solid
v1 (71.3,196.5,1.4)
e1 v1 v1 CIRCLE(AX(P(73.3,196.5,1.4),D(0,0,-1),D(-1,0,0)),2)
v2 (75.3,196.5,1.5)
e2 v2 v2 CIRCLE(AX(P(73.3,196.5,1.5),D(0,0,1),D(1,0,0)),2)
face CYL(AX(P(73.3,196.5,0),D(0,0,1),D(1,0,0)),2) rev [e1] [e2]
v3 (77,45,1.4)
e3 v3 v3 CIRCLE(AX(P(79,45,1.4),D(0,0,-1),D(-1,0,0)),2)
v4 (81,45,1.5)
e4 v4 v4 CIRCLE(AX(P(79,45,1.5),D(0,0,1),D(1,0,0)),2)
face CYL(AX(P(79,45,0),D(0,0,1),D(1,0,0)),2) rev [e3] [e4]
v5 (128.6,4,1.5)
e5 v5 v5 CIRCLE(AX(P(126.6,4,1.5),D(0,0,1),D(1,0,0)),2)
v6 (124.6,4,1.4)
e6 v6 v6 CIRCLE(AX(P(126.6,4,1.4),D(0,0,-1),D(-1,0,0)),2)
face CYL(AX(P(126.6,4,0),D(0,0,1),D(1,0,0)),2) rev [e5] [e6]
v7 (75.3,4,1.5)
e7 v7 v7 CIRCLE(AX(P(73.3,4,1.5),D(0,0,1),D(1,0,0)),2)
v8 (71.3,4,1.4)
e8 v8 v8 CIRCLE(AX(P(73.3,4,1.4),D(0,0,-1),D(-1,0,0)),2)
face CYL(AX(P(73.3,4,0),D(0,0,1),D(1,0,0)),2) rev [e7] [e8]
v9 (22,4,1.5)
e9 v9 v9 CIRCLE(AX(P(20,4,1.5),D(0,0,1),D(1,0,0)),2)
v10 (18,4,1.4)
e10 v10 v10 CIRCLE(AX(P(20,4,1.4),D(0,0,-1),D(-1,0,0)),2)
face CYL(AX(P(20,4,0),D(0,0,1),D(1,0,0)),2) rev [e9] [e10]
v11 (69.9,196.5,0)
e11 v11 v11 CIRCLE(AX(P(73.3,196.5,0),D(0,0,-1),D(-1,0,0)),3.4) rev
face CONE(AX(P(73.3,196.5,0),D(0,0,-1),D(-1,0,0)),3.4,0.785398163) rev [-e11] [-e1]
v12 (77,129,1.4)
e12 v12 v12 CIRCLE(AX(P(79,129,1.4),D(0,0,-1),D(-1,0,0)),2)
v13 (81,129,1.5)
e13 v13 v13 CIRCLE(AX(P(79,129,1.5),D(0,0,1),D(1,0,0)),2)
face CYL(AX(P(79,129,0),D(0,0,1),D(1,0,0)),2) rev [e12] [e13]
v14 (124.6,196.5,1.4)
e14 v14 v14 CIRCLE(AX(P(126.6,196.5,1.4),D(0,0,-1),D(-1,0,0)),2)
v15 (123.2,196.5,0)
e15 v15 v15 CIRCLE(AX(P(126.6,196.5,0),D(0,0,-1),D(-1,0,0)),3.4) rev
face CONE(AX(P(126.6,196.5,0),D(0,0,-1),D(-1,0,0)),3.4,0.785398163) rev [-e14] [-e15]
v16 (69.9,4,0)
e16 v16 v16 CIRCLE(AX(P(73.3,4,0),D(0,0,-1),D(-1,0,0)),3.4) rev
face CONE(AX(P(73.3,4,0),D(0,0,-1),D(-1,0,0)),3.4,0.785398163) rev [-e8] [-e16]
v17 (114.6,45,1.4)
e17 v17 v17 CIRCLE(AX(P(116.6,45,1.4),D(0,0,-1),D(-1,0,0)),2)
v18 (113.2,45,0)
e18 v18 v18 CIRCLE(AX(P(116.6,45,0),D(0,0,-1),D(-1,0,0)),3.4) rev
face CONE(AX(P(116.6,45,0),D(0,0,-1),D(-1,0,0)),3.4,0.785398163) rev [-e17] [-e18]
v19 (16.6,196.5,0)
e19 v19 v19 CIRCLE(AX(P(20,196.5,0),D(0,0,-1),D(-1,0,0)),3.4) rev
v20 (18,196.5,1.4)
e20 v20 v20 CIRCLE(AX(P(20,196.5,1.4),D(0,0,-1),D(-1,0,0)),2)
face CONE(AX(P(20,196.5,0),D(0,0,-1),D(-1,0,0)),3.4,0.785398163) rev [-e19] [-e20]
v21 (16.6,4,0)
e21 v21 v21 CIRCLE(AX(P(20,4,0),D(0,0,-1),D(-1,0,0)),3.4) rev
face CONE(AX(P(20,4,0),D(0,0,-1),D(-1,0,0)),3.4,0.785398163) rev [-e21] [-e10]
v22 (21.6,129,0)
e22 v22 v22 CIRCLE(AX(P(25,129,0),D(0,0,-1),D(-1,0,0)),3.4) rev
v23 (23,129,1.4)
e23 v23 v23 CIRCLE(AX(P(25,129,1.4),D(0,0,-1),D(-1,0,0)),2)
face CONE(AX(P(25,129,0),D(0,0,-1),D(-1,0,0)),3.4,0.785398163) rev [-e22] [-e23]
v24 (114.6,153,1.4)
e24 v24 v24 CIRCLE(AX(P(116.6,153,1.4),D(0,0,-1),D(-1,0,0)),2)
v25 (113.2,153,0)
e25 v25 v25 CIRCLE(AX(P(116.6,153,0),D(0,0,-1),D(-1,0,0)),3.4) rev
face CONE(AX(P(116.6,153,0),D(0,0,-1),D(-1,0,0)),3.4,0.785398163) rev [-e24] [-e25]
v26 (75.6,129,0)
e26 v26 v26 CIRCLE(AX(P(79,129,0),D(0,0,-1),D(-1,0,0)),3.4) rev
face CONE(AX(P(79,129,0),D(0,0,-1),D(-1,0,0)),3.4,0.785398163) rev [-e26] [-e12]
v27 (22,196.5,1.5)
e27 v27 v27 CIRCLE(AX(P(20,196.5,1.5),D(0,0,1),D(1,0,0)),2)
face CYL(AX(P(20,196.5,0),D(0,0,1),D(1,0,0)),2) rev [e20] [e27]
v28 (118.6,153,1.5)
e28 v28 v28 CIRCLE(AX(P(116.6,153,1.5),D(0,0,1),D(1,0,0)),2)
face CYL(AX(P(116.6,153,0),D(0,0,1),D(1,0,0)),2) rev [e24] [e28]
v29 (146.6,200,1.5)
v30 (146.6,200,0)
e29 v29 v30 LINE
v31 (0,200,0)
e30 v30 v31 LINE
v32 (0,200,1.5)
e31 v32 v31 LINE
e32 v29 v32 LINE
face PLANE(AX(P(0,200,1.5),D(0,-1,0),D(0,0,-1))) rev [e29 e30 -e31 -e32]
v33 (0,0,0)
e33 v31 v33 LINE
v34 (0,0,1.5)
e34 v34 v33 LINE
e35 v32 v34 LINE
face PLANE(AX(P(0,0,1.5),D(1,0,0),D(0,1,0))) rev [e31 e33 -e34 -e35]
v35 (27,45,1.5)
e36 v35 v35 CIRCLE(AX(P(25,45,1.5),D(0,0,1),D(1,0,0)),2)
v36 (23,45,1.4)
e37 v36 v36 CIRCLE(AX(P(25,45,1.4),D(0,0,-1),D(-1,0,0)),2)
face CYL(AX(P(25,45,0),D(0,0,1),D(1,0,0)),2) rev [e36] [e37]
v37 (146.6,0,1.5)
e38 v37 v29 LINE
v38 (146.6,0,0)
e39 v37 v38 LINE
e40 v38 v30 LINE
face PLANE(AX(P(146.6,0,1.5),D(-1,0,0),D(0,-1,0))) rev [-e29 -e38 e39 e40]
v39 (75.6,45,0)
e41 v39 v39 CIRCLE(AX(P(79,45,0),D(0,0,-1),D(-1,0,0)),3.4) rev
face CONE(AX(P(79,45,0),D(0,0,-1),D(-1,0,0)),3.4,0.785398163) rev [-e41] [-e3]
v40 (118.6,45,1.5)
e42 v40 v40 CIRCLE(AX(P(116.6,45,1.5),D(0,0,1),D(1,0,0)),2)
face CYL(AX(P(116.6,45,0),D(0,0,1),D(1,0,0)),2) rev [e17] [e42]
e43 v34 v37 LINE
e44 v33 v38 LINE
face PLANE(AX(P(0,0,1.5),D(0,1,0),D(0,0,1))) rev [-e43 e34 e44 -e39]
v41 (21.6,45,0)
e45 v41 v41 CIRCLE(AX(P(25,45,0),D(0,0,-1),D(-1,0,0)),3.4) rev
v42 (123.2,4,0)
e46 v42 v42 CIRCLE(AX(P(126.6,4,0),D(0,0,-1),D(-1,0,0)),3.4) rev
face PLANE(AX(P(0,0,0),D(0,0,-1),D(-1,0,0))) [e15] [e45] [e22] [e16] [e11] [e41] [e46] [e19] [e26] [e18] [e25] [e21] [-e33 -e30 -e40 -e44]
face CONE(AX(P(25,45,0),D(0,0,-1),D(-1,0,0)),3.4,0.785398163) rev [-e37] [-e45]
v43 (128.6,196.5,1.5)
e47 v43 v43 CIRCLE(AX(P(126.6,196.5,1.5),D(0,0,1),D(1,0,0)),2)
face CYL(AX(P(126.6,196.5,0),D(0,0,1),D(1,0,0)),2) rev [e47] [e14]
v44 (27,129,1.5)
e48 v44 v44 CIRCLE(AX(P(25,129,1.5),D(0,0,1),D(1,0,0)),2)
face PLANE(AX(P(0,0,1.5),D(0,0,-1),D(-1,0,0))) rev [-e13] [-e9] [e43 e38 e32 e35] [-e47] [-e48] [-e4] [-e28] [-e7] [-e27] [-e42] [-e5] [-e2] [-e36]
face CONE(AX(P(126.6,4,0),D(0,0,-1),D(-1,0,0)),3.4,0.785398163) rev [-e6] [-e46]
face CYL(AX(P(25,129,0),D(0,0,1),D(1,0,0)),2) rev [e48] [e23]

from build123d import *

# Parameters (mm, degrees)
SKETCH_1_W          = 146.6
SKETCH_1_H          = 200
EXTRUDE_1_DEPTH     = 1.5
SKETCH_2_R          = 2
CUT_EXTRUDE_1_DEPTH = 248.979454794
SKETCH_3_R          = 2
CUT_EXTRUDE_2_DEPTH = 248.979454794
SKETCH_4_R          = 2
CUT_EXTRUDE_3_DEPTH = 248.979454794
CHAMFER_1_SIZE      = 1.4


with BuildPart() as part:
    # Эскиз1 → Бобышка-Вытянуть1 (new body)
    with BuildSketch(Plane.XY):
        with Locations((73.3, 100)):
            Rectangle(SKETCH_1_W, SKETCH_1_H)
    extrude(amount=EXTRUDE_1_DEPTH)

    # Эскиз2 → Вырез-Вытянуть1 (cut, through all)
    with BuildSketch(Plane.XY.offset(1.5)):
        with Locations((20, 4)):
            Circle(SKETCH_2_R)
        with Locations((20, 196.5)):
            Circle(SKETCH_2_R)
        with Locations((73.3, 196.5)):
            Circle(SKETCH_2_R)
        with Locations((73.3, 4)):
            Circle(SKETCH_2_R)
        with Locations((126.6, 196.5)):
            Circle(SKETCH_2_R)
        with Locations((126.6, 4)):
            Circle(SKETCH_2_R)
    extrude(amount=-CUT_EXTRUDE_1_DEPTH, mode=Mode.SUBTRACT)

    # Эскиз3 → Вырез-Вытянуть2 (cut, through all)
    with BuildSketch(Plane.XY.offset(1.5)):
        with Locations((25, 45)):
            Circle(SKETCH_3_R)
        with Locations((79, 45)):
            Circle(SKETCH_3_R)
        with Locations((79, 129)):
            Circle(SKETCH_3_R)
        with Locations((25, 129)):
            Circle(SKETCH_3_R)
    extrude(amount=-CUT_EXTRUDE_2_DEPTH, mode=Mode.SUBTRACT)

    # Эскиз4 → Вырез-Вытянуть3 (cut, through all)
    with BuildSketch(Plane.XY.offset(1.5)):
        with Locations((116.6, 45)):
            Circle(SKETCH_4_R)
        with Locations((116.6, 153)):
            Circle(SKETCH_4_R)
    extrude(amount=-CUT_EXTRUDE_3_DEPTH, mode=Mode.SUBTRACT)

    # Фаска1
    chamfer_1_edges = [part.edges().sort_by_distance(p)[0] for p in [
        (124.6, 4, 0),
        (71.3, 196.5, 0),
        (71.3, 4, 0),
        (18, 196.5, 0),
        (124.6, 196.5, 0),
        (18, 4, 0),
        (23, 129, 0),
        (77, 129, 0),
        (77, 45, 0),
        (23, 45, 0),
        (114.6, 45, 0),
        (114.6, 153, 0),
    ]]
    chamfer(chamfer_1_edges, length=CHAMFER_1_SIZE)


solid = part.part
